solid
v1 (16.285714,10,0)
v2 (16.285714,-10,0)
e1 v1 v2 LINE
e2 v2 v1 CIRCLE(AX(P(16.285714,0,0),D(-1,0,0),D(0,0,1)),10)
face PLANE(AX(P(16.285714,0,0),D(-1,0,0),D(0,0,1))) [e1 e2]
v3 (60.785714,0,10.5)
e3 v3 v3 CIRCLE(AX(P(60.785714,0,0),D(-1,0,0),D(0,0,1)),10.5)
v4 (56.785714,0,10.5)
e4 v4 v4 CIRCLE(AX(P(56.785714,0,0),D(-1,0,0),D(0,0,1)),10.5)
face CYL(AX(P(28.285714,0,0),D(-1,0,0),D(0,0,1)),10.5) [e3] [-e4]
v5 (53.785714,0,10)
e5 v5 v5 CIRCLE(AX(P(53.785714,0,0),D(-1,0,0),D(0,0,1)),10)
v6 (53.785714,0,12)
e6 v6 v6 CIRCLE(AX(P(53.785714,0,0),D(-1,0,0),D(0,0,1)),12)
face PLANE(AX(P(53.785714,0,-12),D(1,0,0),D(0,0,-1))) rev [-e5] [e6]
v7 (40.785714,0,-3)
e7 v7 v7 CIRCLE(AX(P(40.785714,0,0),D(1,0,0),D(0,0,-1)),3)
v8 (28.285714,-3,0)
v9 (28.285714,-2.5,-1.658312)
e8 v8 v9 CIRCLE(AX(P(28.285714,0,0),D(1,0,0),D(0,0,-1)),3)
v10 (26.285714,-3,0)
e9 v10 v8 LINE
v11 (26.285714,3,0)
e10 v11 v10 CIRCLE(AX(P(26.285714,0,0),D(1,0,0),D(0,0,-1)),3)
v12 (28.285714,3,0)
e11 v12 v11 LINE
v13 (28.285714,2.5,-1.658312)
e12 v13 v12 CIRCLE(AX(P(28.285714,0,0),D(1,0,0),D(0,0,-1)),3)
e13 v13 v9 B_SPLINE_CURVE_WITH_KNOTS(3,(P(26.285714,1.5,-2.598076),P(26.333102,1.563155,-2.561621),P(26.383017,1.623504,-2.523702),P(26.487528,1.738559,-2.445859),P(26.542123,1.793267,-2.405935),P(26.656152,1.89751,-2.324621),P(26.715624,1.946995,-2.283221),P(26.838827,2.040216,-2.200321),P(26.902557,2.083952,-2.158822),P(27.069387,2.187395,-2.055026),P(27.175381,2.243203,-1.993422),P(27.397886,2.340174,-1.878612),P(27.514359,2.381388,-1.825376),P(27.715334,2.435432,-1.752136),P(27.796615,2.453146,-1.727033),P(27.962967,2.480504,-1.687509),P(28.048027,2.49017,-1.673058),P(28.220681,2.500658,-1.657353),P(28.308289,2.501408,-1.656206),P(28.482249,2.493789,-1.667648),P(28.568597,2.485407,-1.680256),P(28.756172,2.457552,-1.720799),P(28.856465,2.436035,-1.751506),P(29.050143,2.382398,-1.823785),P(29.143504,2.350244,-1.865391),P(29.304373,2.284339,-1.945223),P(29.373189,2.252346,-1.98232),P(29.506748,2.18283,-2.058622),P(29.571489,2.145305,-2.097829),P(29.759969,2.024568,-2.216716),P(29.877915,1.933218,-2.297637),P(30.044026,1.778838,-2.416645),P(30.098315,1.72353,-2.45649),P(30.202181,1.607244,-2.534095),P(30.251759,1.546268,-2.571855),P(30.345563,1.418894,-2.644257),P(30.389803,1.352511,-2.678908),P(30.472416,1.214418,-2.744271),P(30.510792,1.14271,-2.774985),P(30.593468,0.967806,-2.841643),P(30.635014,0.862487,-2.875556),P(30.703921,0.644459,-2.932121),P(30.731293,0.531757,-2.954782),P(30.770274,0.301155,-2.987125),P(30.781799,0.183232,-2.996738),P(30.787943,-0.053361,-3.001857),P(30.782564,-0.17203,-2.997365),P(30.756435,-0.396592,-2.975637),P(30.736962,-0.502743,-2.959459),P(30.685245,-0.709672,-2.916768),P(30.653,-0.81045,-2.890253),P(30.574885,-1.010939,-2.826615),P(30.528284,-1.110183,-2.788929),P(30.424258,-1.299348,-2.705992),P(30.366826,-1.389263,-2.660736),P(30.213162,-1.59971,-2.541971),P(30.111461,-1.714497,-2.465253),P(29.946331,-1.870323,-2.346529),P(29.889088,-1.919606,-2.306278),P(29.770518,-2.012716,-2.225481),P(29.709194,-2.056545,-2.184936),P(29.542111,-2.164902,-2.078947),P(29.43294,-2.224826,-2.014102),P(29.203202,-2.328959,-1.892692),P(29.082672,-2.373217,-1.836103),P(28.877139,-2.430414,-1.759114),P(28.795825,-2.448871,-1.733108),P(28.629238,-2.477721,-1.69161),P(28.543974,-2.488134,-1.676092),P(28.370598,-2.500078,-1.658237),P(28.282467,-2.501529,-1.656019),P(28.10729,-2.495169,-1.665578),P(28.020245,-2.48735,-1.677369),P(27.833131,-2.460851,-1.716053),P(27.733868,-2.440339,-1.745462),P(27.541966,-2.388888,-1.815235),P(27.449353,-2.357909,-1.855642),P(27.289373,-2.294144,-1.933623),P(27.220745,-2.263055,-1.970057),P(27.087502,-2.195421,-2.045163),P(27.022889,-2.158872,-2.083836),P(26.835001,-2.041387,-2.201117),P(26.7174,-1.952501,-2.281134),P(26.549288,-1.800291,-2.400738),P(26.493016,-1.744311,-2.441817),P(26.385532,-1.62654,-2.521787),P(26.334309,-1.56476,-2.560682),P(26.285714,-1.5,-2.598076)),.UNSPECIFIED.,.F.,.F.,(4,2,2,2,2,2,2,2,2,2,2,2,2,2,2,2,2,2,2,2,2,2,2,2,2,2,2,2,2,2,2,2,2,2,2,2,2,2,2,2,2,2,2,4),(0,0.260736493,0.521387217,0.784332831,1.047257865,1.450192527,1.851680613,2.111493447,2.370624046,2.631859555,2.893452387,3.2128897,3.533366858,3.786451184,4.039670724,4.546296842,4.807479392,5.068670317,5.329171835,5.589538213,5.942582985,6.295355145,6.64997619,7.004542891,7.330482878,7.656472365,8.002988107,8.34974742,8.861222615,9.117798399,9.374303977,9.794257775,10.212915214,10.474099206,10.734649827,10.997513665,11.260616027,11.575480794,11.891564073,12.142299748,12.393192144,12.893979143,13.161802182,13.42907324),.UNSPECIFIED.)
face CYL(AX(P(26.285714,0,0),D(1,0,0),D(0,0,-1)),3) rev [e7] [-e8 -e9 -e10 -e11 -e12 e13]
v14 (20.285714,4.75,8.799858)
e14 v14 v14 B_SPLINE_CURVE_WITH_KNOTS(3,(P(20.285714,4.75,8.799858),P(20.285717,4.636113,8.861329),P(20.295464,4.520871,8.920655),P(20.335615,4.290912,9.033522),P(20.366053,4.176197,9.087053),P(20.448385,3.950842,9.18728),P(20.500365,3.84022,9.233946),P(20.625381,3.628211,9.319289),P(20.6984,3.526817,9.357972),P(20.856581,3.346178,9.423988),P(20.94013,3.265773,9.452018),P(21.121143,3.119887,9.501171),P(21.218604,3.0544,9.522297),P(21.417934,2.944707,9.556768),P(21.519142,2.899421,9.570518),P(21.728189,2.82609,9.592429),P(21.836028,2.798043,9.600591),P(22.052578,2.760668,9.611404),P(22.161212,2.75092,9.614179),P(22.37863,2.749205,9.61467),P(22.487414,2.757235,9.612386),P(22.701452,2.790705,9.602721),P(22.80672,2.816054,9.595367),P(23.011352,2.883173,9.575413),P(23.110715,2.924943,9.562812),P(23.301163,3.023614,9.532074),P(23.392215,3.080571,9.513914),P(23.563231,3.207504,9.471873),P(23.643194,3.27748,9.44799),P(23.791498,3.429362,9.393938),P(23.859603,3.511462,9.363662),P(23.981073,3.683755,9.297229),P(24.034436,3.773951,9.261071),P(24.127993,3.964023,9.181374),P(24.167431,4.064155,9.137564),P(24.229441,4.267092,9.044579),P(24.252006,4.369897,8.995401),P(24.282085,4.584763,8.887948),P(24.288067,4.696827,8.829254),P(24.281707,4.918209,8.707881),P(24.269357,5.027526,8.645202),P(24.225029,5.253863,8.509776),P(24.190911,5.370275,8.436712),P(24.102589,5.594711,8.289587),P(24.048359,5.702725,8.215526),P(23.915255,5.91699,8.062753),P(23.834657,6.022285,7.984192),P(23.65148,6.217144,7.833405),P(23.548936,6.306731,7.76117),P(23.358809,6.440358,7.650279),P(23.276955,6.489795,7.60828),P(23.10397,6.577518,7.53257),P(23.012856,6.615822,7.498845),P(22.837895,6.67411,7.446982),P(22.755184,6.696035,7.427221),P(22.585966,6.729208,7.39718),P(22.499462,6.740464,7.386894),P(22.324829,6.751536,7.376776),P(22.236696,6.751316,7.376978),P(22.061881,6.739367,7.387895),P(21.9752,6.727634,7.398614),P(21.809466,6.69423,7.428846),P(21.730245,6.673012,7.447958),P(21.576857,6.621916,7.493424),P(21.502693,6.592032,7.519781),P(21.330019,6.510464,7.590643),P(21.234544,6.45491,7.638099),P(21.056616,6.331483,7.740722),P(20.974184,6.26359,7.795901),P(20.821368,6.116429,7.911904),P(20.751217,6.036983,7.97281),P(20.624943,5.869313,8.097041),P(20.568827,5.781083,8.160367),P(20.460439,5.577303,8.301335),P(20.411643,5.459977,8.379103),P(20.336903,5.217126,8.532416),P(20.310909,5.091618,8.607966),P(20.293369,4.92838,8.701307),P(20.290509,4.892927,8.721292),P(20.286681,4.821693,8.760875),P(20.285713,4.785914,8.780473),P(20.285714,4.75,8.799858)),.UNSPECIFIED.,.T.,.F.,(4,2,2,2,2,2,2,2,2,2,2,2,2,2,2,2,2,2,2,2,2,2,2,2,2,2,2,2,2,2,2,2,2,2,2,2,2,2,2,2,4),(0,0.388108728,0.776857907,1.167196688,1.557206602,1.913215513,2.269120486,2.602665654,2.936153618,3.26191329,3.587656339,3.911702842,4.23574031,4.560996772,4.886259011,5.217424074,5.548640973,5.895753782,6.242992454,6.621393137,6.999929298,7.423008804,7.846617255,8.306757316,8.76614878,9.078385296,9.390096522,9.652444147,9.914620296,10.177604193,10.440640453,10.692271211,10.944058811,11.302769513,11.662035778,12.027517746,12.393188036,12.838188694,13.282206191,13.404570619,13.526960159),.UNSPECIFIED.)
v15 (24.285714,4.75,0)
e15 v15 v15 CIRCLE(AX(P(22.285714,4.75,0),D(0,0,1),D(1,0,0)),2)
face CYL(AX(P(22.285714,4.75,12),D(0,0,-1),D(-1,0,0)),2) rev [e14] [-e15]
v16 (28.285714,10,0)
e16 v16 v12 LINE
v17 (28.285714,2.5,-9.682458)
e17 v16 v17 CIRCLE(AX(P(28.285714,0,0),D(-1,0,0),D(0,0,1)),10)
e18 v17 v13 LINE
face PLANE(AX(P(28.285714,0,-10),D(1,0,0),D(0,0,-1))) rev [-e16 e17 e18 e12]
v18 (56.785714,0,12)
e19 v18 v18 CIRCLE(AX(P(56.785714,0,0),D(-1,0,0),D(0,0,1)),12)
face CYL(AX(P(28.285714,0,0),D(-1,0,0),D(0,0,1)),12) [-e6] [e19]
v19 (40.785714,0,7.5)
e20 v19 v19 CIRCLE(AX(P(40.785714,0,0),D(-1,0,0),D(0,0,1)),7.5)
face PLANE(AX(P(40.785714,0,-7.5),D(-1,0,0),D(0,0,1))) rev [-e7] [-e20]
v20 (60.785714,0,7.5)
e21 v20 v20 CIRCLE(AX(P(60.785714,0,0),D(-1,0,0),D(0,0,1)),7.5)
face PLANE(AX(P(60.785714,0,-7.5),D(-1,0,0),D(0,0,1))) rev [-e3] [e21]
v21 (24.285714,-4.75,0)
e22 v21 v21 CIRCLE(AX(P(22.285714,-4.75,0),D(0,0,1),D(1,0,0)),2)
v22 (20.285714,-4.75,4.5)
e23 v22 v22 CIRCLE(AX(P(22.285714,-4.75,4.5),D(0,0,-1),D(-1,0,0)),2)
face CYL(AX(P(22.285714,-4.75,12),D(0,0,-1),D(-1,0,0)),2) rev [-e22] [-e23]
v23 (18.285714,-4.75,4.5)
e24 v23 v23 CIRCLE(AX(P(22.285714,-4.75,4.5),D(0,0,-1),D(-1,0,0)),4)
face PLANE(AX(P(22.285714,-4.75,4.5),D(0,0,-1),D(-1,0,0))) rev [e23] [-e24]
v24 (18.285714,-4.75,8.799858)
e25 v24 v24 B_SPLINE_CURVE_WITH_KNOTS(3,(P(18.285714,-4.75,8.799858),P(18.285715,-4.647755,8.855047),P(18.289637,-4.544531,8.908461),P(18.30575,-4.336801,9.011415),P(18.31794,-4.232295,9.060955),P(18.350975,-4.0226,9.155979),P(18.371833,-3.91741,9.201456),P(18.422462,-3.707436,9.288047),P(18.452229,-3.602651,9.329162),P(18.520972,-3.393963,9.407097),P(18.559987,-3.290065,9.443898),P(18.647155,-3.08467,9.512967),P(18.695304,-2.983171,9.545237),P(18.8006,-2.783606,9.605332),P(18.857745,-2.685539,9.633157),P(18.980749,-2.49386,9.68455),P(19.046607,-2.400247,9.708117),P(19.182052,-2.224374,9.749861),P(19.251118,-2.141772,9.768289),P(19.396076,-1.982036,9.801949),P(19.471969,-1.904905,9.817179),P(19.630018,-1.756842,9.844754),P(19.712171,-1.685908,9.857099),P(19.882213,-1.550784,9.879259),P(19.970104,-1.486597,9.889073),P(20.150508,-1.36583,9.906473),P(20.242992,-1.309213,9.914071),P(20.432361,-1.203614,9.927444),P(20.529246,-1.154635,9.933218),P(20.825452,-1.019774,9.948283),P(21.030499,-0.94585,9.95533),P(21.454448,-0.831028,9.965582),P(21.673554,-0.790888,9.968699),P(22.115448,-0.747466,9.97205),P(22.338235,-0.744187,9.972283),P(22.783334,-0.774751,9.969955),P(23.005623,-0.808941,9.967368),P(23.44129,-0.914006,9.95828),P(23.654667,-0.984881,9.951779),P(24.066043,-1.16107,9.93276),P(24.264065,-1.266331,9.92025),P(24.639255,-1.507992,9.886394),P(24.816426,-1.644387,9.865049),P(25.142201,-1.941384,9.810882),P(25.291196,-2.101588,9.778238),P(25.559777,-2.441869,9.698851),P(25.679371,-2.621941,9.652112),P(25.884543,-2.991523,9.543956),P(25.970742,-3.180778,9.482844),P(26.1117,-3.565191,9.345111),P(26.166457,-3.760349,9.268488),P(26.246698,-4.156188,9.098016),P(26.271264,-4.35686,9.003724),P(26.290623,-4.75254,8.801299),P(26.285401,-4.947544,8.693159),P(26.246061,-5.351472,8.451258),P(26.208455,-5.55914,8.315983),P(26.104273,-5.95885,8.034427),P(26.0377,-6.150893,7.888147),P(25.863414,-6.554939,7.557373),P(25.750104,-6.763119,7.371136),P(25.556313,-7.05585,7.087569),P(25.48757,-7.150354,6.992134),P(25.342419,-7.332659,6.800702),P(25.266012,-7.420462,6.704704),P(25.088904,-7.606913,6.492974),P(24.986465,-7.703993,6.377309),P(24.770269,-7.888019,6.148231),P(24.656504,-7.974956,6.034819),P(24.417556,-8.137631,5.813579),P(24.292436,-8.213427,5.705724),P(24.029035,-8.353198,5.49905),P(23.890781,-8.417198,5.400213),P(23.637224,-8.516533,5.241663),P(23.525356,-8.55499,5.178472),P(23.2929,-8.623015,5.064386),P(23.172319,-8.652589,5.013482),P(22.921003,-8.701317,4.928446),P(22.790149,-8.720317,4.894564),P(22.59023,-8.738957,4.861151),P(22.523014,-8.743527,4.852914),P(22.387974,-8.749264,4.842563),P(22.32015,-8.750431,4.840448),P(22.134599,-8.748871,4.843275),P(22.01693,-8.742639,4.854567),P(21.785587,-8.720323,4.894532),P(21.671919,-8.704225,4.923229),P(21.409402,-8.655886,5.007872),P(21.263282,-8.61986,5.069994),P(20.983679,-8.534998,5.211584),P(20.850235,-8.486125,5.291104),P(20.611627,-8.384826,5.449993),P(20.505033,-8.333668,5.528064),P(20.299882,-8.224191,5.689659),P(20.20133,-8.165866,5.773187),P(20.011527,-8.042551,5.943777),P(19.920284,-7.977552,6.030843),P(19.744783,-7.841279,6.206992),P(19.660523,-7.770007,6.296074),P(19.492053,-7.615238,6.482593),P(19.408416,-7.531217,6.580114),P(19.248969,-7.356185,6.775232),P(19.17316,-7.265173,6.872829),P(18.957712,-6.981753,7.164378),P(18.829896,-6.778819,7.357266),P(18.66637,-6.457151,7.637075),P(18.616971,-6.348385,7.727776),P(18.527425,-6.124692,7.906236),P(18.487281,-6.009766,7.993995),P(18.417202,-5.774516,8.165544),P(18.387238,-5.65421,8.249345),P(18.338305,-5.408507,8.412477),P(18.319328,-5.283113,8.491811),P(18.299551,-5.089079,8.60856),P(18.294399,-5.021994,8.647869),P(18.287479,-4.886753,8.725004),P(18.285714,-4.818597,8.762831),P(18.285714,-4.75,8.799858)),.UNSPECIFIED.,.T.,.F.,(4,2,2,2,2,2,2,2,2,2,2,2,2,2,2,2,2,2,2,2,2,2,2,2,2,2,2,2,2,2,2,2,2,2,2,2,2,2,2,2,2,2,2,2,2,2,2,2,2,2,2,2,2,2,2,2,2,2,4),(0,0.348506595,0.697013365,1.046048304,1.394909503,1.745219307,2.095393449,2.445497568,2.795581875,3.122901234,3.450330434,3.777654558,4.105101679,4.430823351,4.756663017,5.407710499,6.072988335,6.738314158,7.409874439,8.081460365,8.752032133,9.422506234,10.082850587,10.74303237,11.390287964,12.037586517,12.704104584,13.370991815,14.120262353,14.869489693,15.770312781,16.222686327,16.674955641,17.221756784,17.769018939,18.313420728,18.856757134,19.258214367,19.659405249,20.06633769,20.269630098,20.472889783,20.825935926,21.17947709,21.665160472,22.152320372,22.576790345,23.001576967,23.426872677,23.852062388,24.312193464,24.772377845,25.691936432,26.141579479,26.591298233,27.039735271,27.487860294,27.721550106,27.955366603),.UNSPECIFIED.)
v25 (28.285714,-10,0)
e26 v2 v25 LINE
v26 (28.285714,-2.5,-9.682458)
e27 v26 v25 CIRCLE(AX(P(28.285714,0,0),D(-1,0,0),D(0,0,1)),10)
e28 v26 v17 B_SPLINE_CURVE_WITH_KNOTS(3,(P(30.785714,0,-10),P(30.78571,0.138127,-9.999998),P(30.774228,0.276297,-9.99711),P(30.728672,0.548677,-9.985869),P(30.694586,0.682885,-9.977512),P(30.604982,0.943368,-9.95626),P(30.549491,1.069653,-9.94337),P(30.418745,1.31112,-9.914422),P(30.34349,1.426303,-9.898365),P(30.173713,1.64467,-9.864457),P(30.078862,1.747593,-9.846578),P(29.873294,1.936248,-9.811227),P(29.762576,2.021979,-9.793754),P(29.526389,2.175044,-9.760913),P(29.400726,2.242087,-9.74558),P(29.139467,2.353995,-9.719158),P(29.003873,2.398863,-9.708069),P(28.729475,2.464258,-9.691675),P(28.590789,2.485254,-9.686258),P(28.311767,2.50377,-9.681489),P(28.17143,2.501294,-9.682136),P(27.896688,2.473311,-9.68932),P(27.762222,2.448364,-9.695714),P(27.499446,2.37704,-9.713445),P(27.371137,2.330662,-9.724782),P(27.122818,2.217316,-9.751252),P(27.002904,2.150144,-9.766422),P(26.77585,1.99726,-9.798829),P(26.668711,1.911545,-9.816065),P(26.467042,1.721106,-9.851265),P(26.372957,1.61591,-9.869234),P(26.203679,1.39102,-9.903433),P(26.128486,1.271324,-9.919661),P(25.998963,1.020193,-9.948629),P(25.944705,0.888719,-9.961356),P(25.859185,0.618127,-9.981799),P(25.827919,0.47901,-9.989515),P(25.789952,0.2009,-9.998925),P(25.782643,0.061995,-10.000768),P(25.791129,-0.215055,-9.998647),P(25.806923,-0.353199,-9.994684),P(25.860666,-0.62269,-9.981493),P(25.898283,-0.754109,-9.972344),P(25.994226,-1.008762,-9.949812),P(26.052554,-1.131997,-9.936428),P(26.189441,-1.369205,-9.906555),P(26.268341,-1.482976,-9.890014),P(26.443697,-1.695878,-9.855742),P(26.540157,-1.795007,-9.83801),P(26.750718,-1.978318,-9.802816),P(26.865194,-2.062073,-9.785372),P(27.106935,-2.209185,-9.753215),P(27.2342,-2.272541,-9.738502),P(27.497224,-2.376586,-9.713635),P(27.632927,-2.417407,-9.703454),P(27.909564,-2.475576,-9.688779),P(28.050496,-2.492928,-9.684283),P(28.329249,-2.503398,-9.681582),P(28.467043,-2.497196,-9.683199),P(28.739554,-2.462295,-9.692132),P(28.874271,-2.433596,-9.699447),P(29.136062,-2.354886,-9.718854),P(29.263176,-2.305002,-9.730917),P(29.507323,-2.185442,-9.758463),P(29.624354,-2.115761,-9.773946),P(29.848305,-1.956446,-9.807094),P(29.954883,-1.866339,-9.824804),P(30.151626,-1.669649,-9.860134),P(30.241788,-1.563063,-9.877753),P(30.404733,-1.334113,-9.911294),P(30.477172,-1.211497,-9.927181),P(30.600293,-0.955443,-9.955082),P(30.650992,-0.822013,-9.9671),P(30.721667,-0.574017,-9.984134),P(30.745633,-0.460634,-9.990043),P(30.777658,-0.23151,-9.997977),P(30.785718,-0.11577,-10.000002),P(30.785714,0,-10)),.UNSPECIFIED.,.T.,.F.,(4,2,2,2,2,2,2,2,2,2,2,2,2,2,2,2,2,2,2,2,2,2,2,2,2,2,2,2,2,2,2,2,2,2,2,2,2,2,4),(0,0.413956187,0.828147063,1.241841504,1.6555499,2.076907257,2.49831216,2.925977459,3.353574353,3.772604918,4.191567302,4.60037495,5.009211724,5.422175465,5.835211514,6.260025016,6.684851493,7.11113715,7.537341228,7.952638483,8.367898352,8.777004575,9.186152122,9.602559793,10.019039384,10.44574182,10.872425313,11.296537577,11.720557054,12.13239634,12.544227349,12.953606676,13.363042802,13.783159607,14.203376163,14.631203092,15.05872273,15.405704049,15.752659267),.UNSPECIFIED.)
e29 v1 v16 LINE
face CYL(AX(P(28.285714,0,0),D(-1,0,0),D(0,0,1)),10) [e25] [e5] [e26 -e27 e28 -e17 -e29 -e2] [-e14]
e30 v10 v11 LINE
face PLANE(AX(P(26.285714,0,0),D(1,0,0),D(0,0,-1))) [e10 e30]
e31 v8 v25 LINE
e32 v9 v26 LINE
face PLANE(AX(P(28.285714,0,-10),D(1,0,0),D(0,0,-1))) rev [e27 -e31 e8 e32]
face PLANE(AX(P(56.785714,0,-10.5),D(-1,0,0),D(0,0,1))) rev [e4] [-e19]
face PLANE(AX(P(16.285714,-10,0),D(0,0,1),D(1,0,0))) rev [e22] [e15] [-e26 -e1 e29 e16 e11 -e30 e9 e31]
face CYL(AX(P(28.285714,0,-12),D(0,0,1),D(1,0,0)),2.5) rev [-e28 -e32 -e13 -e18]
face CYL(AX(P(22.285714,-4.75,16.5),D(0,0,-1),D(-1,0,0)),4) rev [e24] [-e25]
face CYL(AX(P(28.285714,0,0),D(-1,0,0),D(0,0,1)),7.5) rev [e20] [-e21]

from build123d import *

# Parameters (mm, degrees)
DODANIE_WYCI_GNI_CIE1_DEPTH = 12
SZKIC3_R                    = 2
WYTNIJ_WYCI_GNI_CIE1_DEPTH  = 12
SZKIC6_R                    = 4
WYTNIJ_WYCI_GNI_CIE2_DEPTH  = 12
SZKIC7_R                    = 3
WYTNIJ_WYCI_GNI_CIE3_DEPTH  = 14.5
SZKIC9_R                    = 2.5
WYTNIJ_WYCI_GNI_CIE5_DEPTH  = 13


with BuildPart() as part:
    # Szkic1 → Obrót1 (revolve)
    with BuildSketch(Plane(origin=(0, 0, 0), x_dir=(1, 0, 0), z_dir=(0, 1, 0))):
        Polygon((28.285714286, 0), (40.785714286, 0), (40.785714286, 7.5), (60.785714286, 7.5), (60.785714286, 10.5), (56.785714286, 10.5), (56.785714286, 12), (53.785714286, 12), (53.785714286, 10), (28.285714286, 10), align=None)
    revolve(axis=Axis((28.285714286, 0, 0), (1, 0, 0)))

    # Szkic2 → Dodanie-wyciągnięcie1 (add)
    with BuildSketch(Plane.ZY.offset(-28.285714286)):
        with BuildLine():
            Line((0, -10), (0, 10))
            ThreePointArc((0, 10), (10, 0), (0, -10))
        make_face()
    extrude(amount=DODANIE_WYCI_GNI_CIE1_DEPTH)

    # Szkic3 → Wytnij-wyciągnięcie1 (cut)
    with BuildSketch(Plane.XY):
        with Locations((22.285714286, 4.75)):
            Circle(SZKIC3_R)
        with Locations((22.285714286, -4.75)):
            Circle(SZKIC3_R)
    extrude(amount=WYTNIJ_WYCI_GNI_CIE1_DEPTH, mode=Mode.SUBTRACT)

    # Szkic6 → Wytnij-wyciągnięcie2 (cut)
    with BuildSketch(Plane(origin=(0, 0, 4.5), x_dir=(-1, 0, 0), z_dir=(0, 0, -1))):
        with Locations((-22.285714286, -4.75)):
            Circle(SZKIC6_R)
    extrude(amount=-WYTNIJ_WYCI_GNI_CIE2_DEPTH, mode=Mode.SUBTRACT)

    # Szkic7 → Wytnij-wyciągnięcie3 (cut)
    with BuildSketch(Plane(origin=(40.785714286, 0, 0), x_dir=(0, 0, -1), z_dir=(1, 0, 0))):
        Circle(SZKIC7_R)
    extrude(amount=-WYTNIJ_WYCI_GNI_CIE3_DEPTH, mode=Mode.SUBTRACT)

    # Szkic9 → Wytnij-wyciągnięcie5 (cut, through all)
    with BuildSketch(Plane.XY):
        with Locations((28.285714286, 0)):
            Circle(SZKIC9_R)
    extrude(amount=-WYTNIJ_WYCI_GNI_CIE5_DEPTH, mode=Mode.SUBTRACT)


solid = part.part
